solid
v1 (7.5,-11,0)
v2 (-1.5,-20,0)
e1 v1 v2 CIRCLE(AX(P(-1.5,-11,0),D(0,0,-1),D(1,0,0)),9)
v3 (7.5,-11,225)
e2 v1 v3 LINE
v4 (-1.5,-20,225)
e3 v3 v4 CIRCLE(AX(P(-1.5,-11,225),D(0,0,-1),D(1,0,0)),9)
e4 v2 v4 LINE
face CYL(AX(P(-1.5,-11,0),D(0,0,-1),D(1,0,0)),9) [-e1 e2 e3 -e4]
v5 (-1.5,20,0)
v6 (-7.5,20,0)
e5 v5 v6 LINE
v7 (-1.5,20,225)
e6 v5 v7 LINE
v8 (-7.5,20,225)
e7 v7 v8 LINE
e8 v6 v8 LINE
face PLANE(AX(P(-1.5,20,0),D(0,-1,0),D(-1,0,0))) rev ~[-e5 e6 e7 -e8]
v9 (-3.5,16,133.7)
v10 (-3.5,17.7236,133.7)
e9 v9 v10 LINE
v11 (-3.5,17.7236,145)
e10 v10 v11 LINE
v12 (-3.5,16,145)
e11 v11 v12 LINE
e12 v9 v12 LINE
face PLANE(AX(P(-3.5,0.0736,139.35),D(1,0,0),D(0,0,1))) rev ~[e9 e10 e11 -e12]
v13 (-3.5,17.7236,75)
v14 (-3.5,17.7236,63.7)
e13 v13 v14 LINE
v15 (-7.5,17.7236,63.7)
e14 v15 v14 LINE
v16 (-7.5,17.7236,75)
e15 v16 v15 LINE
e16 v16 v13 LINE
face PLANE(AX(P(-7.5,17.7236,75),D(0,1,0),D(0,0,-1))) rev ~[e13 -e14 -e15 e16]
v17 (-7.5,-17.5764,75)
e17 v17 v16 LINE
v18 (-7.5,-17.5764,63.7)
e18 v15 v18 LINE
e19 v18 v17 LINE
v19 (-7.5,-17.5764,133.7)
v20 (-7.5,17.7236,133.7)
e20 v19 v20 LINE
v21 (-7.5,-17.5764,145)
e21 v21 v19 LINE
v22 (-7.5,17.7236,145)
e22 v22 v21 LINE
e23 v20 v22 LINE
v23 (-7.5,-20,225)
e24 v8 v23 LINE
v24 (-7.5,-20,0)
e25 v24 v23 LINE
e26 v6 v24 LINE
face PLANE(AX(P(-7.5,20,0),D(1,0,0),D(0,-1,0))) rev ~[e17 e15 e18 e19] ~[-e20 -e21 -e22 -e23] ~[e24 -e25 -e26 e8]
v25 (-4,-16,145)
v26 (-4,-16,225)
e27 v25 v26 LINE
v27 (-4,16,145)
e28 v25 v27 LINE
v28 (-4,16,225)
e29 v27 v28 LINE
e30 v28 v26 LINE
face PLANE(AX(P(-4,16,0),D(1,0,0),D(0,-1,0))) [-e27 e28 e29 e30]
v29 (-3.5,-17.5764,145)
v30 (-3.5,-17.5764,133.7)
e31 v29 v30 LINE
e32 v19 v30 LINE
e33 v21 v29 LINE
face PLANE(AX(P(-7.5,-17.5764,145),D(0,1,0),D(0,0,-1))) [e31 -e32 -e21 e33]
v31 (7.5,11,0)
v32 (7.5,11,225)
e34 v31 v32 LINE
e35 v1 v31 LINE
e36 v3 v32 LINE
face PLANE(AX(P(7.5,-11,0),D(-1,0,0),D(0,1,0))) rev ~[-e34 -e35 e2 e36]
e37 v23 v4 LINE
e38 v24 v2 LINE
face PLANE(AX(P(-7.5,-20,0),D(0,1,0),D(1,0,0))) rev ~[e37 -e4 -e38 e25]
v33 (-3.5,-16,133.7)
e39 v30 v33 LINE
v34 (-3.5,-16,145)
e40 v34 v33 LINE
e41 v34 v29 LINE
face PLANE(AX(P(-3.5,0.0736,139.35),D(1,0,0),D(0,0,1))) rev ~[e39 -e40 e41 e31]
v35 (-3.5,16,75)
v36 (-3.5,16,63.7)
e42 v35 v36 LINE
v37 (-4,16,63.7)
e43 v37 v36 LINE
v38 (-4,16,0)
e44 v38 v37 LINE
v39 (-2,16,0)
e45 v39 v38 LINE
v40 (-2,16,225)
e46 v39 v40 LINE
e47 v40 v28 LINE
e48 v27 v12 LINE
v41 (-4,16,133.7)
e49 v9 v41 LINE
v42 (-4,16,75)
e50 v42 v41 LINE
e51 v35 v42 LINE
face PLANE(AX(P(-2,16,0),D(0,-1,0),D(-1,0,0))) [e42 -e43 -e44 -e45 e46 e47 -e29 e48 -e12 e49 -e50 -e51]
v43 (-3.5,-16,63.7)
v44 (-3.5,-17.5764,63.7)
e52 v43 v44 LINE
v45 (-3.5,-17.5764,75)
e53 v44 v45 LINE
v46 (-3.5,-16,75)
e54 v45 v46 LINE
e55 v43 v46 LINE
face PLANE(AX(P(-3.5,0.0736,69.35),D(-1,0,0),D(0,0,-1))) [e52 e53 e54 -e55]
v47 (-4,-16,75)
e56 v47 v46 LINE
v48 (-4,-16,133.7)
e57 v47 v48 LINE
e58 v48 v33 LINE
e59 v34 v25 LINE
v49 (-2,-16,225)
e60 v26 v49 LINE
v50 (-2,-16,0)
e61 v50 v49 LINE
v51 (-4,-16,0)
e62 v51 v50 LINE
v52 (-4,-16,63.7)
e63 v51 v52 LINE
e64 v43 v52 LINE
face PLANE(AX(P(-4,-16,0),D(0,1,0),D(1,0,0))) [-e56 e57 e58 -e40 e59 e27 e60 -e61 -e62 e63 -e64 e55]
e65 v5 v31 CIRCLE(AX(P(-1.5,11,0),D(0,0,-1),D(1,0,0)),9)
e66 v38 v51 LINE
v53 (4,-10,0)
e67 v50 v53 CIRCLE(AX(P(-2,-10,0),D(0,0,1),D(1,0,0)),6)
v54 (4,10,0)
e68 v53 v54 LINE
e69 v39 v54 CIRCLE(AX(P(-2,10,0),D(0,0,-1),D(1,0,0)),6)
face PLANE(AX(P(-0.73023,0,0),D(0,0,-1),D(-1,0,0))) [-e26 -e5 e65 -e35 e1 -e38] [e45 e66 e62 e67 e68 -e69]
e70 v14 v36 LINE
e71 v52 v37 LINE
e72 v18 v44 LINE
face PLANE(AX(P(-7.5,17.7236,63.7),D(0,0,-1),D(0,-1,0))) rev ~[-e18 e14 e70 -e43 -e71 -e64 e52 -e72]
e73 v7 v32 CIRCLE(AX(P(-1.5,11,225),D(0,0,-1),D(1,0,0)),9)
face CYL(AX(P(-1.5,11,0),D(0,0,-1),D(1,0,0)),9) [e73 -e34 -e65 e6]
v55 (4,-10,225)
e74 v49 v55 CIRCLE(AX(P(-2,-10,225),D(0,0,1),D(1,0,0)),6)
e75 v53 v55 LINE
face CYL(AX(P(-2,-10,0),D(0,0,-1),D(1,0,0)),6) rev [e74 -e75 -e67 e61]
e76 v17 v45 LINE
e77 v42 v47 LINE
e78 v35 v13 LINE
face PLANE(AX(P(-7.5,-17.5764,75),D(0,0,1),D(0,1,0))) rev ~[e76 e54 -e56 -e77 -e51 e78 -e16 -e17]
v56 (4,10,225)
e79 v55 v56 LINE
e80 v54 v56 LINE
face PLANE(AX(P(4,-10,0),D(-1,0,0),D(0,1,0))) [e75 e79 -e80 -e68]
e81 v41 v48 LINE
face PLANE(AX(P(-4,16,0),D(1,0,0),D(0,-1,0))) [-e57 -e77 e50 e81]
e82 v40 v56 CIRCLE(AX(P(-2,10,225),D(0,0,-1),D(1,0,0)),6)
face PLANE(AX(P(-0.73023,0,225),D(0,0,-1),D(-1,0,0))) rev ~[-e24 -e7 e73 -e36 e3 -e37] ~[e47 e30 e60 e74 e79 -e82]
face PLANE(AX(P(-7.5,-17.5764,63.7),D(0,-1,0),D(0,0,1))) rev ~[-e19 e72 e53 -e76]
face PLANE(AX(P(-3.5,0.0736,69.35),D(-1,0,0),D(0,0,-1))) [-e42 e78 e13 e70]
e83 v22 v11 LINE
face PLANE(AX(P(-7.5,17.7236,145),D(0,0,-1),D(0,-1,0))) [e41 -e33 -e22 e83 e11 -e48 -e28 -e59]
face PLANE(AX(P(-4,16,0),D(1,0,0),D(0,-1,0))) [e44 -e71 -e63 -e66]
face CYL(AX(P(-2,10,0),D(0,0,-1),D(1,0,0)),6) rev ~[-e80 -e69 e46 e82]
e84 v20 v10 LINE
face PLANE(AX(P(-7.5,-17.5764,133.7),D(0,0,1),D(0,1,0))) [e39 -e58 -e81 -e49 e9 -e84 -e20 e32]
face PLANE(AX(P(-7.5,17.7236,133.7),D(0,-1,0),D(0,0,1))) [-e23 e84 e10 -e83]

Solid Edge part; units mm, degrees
sketch "Sketch1" plane through (0, 0, 0) normal (0, 0, 1) x (1, 0, 0)
  arc A0 (-2, -16) -> (4, -10) centre (-2, -10) ccw
  line L0 (4, -10) -> (4, 10)
  arc A1 (-2, 16) -> (4, 10) centre (-2, 10) cw
  line L1 (-2, 16) -> (-4, 16)
  line L2 (-4, 16) -> (-4, -16)
  line L3 (-4, -16) -> (-2, -16)
  arc A2 (7.5, -11) -> (-1.5, -20) centre (-1.5, -11) cw
  line L4 (-7.5, -20) -> (-1.5, -20)
  line L5 (-7.5, 20) -> (-7.5, -20)
  line L6 (-1.5, 20) -> (-7.5, 20)
  arc A3 (-1.5, 20) -> (7.5, 11) centre (-1.5, 11) cw
  line L7 (7.5, -11) -> (7.5, 11)
  dimension "D1" = 9
  dimension "D2" = 9
  dimension "D3" = 40
  dimension "D4" = 32
extrude "Protrusion1" add sketch "Sketch1" along normal blind 225
sketch "Sketch2" plane through (-7.5, 0, 112.5) normal (-1, 0, 0) x (0, 0, 1)
  line L0 (21.2, 17.7236) -> (32.5, 17.7236)
  line L1 (32.5, 17.7236) -> (32.5, -17.5764)
  line L2 (32.5, -17.5764) -> (21.2, -17.5764)
  line L3 (21.2, -17.5764) -> (21.2, 17.7236)
  line L4 (-48.8, -17.5764) -> (-37.5, -17.5764)
  line L5 (-37.5, -17.5764) -> (-37.5, 17.7236)
  line L6 (-37.5, 17.7236) -> (-48.8, 17.7236)
  line L7 (-48.8, 17.7236) -> (-48.8, -17.5764)
  dimension "D1" = 35.3
  dimension "D2" = 11.3
  dimension "D3" = 80
  dimension "D4" = 70
  dimension "D5" = 11.3
extrude "VaciadoExtruido_5" cut sketch "Sketch2" against normal blind 4
